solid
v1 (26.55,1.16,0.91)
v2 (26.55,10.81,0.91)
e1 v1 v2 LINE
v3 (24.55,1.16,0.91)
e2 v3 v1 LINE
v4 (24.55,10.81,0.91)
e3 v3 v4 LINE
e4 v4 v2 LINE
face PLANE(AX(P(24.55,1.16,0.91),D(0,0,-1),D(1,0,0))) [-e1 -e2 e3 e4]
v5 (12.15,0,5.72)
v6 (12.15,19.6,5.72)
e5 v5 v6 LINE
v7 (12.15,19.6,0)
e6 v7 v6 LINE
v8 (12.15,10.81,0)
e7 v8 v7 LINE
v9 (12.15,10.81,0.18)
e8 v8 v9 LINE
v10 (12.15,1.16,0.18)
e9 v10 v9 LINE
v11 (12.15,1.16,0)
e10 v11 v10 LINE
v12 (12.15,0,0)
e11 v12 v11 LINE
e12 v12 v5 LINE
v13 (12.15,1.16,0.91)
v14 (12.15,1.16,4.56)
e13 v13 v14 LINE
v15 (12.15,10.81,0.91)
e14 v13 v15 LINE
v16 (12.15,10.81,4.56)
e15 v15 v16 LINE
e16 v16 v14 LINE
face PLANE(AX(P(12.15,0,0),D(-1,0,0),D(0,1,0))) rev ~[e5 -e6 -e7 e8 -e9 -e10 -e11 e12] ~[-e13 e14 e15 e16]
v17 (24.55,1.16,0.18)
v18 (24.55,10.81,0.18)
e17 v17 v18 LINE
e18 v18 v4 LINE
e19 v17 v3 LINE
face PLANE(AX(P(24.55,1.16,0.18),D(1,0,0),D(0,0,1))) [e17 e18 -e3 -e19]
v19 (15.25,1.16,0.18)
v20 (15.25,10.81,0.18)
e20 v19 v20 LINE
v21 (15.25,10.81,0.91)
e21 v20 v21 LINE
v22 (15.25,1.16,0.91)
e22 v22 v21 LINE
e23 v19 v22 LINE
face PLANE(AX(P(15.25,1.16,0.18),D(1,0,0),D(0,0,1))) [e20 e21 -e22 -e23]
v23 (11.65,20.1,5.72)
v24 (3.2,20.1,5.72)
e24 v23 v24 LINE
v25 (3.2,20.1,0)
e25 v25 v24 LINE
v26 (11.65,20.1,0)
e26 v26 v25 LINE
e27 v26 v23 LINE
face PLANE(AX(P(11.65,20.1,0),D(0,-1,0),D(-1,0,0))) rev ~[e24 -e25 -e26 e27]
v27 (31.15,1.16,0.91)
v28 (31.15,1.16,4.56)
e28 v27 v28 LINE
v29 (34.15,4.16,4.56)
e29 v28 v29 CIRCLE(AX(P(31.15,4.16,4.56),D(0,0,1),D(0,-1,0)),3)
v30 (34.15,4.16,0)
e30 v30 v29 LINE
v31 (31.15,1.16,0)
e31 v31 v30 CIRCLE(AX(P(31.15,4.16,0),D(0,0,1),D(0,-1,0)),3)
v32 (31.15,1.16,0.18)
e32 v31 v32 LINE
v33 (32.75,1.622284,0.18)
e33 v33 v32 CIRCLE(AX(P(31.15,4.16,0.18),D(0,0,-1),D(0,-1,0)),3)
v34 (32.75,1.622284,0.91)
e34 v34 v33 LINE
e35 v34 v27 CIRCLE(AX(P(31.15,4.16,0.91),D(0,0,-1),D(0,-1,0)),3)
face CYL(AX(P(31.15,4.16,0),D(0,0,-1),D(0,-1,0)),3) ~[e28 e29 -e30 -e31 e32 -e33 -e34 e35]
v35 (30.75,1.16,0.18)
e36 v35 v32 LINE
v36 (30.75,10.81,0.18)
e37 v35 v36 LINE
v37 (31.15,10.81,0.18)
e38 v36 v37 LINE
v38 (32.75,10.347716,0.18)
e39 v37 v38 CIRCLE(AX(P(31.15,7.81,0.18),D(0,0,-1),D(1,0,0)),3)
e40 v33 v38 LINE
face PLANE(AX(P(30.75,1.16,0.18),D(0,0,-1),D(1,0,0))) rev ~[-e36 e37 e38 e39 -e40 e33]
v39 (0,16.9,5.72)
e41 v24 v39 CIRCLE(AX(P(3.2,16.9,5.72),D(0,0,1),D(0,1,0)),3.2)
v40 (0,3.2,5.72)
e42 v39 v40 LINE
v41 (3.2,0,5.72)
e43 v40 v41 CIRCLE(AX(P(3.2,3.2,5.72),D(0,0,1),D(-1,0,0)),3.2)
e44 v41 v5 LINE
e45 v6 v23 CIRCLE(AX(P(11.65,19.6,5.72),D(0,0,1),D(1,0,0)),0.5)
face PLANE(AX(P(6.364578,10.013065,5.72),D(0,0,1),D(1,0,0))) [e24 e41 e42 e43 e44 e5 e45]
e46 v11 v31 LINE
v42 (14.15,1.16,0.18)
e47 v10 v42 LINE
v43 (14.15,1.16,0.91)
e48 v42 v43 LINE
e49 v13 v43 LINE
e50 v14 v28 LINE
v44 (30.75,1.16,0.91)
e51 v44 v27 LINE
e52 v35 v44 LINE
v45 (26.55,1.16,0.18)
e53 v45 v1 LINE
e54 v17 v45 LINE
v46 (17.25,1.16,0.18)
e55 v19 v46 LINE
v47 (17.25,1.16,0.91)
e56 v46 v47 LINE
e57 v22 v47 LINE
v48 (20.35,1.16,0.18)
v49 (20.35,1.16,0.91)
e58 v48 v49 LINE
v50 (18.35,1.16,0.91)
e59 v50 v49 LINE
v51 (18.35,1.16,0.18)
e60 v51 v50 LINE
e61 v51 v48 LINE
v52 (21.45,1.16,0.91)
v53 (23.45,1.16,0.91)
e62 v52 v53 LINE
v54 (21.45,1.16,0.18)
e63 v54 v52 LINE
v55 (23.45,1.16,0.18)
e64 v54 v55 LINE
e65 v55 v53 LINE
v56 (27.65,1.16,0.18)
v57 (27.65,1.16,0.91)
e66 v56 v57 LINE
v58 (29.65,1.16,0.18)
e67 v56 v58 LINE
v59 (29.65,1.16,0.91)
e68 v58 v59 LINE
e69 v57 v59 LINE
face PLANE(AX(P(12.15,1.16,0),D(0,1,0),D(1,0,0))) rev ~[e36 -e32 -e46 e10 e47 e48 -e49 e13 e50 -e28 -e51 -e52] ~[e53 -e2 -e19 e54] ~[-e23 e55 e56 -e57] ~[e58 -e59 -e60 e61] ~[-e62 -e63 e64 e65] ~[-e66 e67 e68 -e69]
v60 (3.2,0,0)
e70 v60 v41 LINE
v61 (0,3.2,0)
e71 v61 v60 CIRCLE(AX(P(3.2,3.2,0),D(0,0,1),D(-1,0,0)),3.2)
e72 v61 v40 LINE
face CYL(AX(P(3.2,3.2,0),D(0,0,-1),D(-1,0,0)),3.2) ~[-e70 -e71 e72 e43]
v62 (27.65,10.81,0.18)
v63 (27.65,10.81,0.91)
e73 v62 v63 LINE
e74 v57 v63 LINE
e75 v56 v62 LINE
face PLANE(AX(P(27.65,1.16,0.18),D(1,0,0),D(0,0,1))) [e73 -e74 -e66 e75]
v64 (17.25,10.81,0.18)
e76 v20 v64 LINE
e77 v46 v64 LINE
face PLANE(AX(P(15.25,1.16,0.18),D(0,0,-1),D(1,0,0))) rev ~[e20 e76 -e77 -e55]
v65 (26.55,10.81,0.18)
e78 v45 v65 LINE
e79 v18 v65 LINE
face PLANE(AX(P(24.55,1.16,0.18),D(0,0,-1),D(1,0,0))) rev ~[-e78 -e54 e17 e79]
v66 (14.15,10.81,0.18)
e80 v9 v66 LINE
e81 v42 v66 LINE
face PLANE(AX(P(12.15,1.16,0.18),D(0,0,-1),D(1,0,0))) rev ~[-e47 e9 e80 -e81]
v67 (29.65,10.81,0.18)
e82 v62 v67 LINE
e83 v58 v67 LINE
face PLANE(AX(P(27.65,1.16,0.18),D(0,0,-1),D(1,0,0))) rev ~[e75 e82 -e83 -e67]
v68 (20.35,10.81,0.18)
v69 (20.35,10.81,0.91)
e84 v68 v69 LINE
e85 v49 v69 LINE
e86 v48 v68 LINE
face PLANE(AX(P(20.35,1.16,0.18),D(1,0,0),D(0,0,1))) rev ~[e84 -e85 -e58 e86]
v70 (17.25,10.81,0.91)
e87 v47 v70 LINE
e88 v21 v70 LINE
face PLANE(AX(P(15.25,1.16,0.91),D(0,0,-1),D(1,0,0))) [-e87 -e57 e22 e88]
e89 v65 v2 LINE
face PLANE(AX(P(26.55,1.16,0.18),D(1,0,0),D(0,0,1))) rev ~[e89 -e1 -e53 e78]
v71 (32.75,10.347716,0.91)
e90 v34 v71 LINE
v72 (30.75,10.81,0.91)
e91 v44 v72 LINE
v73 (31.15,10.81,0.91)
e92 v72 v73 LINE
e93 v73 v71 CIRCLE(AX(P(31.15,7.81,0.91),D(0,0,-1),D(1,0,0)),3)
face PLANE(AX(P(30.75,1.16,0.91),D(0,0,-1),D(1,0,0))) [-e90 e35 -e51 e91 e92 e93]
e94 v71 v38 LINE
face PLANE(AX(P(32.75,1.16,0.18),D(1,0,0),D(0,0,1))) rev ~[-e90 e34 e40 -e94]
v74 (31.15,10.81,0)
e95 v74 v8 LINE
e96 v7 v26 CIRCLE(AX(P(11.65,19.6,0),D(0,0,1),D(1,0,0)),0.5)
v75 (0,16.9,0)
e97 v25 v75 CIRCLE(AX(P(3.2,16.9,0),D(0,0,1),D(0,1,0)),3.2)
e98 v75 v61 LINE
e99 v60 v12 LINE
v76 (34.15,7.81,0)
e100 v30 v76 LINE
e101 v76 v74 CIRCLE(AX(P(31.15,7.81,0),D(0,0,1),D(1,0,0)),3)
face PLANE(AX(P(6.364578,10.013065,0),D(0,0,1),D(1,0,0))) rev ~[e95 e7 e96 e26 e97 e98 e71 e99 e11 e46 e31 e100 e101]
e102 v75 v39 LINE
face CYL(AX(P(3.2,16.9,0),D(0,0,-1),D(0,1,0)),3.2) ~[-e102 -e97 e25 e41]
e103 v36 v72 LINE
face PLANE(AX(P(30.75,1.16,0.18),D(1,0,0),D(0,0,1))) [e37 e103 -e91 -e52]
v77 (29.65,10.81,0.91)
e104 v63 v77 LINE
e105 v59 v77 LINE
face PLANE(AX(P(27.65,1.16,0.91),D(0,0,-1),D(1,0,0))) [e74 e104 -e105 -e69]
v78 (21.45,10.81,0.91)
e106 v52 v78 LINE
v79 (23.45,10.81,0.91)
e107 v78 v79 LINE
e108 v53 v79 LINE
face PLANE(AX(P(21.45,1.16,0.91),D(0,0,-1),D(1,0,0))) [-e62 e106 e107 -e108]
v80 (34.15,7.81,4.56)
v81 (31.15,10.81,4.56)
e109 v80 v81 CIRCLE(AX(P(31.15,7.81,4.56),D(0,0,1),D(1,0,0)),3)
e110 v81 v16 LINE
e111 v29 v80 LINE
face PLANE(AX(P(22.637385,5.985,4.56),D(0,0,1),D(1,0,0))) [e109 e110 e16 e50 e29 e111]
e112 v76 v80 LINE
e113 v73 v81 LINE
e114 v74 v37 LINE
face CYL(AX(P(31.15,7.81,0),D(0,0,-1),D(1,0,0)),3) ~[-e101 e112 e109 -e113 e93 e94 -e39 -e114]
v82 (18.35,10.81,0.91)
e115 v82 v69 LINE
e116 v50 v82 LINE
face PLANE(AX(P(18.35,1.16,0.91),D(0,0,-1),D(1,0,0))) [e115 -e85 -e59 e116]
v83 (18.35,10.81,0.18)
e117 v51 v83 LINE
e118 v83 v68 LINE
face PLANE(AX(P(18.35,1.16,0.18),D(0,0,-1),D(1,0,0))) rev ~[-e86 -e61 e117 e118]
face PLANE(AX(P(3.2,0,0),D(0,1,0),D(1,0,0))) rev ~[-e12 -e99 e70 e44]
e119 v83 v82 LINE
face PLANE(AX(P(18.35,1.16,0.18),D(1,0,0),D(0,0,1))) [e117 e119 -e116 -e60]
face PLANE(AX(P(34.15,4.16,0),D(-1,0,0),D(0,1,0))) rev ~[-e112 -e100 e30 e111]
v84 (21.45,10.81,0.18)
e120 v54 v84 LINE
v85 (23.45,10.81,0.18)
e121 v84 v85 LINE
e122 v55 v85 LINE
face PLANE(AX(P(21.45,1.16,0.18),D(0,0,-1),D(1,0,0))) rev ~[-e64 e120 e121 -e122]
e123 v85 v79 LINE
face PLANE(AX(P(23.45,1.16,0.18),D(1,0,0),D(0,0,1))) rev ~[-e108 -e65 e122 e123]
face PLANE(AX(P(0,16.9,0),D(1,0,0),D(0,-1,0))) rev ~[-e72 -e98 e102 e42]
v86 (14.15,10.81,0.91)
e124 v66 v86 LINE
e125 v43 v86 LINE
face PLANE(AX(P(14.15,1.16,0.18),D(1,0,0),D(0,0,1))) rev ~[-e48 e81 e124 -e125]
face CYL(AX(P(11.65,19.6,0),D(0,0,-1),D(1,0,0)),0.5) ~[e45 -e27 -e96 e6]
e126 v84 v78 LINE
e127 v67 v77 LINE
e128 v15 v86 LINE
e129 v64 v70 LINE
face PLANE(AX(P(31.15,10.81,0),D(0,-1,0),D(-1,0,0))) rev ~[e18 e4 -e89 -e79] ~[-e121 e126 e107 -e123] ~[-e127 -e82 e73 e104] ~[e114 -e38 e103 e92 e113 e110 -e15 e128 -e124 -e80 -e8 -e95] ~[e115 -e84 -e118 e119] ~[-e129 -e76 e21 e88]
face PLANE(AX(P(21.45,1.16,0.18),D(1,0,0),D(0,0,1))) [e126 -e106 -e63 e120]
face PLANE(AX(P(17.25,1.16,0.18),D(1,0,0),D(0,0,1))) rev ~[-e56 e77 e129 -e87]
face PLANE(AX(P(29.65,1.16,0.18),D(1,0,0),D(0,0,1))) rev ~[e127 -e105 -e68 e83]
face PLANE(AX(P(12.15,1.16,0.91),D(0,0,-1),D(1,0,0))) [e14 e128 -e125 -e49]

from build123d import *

# Parameters (mm, degrees)
F2_DEPTH = 5.72
F3_DEPTH = 4.56
F4_W     = 2
F4_H     = 0.73
F5_DEPTH = 18.941


with BuildPart() as f2:
    # F1 (on Top) → F2 (new body)
    with BuildSketch(Plane.XY):
        with BuildLine():
            ThreePointArc((0, 3.2), (0.9372583002, 0.9372583002), (3.2, 0))
            Line((3.2, 0), (12.15, 0))
            Line((12.15, 0), (12.15, 1.16))
            Line((12.15, 1.16), (12.15, 10.81))
            Line((12.15, 10.81), (12.15, 19.6))
            ThreePointArc((12.15, 19.6), (12.0035533906, 19.9535533906), (11.65, 20.1))
            Line((11.65, 20.1), (3.2, 20.1))
            ThreePointArc((3.2, 20.1), (0.9372583002, 19.1627416998), (0, 16.9))
            Line((0, 16.9), (0, 3.2))
        make_face()
    extrude(amount=F2_DEPTH)

    # F1 (on Top) → F3 (join)
    with BuildSketch(Plane.XY):
        with BuildLine():
            Line((12.15, 10.81), (12.15, 1.16))
            Line((12.15, 1.16), (31.15, 1.16))
            ThreePointArc((31.15, 1.16), (33.2713203436, 2.0386796564), (34.15, 4.16))
            Line((34.15, 4.16), (34.15, 7.81))
            ThreePointArc((34.15, 7.81), (33.2713203436, 9.9313203436), (31.15, 10.81))
            Line((31.15, 10.81), (12.15, 10.81))
        make_face()
    extrude(amount=F3_DEPTH)

    # F4 (on face) → F5 (cut, through all)
    with BuildSketch(Plane.XZ.offset(-1.16)):
        with Locations((13.15, 0.545)):
            Rectangle(F4_W, F4_H)
        with Locations((16.25, 0.545)):
            Rectangle(F4_W, F4_H)
        with Locations((19.35, 0.545)):
            Rectangle(F4_W, F4_H)
        with Locations((22.45, 0.545)):
            Rectangle(F4_W, F4_H)
        with Locations((25.55, 0.545)):
            Rectangle(F4_W, F4_H)
        with Locations((28.65, 0.545)):
            Rectangle(F4_W, F4_H)
        with Locations((31.75, 0.545)):
            Rectangle(F4_W, F4_H)
    extrude(amount=-F5_DEPTH, mode=Mode.SUBTRACT)


solid = f2.part
